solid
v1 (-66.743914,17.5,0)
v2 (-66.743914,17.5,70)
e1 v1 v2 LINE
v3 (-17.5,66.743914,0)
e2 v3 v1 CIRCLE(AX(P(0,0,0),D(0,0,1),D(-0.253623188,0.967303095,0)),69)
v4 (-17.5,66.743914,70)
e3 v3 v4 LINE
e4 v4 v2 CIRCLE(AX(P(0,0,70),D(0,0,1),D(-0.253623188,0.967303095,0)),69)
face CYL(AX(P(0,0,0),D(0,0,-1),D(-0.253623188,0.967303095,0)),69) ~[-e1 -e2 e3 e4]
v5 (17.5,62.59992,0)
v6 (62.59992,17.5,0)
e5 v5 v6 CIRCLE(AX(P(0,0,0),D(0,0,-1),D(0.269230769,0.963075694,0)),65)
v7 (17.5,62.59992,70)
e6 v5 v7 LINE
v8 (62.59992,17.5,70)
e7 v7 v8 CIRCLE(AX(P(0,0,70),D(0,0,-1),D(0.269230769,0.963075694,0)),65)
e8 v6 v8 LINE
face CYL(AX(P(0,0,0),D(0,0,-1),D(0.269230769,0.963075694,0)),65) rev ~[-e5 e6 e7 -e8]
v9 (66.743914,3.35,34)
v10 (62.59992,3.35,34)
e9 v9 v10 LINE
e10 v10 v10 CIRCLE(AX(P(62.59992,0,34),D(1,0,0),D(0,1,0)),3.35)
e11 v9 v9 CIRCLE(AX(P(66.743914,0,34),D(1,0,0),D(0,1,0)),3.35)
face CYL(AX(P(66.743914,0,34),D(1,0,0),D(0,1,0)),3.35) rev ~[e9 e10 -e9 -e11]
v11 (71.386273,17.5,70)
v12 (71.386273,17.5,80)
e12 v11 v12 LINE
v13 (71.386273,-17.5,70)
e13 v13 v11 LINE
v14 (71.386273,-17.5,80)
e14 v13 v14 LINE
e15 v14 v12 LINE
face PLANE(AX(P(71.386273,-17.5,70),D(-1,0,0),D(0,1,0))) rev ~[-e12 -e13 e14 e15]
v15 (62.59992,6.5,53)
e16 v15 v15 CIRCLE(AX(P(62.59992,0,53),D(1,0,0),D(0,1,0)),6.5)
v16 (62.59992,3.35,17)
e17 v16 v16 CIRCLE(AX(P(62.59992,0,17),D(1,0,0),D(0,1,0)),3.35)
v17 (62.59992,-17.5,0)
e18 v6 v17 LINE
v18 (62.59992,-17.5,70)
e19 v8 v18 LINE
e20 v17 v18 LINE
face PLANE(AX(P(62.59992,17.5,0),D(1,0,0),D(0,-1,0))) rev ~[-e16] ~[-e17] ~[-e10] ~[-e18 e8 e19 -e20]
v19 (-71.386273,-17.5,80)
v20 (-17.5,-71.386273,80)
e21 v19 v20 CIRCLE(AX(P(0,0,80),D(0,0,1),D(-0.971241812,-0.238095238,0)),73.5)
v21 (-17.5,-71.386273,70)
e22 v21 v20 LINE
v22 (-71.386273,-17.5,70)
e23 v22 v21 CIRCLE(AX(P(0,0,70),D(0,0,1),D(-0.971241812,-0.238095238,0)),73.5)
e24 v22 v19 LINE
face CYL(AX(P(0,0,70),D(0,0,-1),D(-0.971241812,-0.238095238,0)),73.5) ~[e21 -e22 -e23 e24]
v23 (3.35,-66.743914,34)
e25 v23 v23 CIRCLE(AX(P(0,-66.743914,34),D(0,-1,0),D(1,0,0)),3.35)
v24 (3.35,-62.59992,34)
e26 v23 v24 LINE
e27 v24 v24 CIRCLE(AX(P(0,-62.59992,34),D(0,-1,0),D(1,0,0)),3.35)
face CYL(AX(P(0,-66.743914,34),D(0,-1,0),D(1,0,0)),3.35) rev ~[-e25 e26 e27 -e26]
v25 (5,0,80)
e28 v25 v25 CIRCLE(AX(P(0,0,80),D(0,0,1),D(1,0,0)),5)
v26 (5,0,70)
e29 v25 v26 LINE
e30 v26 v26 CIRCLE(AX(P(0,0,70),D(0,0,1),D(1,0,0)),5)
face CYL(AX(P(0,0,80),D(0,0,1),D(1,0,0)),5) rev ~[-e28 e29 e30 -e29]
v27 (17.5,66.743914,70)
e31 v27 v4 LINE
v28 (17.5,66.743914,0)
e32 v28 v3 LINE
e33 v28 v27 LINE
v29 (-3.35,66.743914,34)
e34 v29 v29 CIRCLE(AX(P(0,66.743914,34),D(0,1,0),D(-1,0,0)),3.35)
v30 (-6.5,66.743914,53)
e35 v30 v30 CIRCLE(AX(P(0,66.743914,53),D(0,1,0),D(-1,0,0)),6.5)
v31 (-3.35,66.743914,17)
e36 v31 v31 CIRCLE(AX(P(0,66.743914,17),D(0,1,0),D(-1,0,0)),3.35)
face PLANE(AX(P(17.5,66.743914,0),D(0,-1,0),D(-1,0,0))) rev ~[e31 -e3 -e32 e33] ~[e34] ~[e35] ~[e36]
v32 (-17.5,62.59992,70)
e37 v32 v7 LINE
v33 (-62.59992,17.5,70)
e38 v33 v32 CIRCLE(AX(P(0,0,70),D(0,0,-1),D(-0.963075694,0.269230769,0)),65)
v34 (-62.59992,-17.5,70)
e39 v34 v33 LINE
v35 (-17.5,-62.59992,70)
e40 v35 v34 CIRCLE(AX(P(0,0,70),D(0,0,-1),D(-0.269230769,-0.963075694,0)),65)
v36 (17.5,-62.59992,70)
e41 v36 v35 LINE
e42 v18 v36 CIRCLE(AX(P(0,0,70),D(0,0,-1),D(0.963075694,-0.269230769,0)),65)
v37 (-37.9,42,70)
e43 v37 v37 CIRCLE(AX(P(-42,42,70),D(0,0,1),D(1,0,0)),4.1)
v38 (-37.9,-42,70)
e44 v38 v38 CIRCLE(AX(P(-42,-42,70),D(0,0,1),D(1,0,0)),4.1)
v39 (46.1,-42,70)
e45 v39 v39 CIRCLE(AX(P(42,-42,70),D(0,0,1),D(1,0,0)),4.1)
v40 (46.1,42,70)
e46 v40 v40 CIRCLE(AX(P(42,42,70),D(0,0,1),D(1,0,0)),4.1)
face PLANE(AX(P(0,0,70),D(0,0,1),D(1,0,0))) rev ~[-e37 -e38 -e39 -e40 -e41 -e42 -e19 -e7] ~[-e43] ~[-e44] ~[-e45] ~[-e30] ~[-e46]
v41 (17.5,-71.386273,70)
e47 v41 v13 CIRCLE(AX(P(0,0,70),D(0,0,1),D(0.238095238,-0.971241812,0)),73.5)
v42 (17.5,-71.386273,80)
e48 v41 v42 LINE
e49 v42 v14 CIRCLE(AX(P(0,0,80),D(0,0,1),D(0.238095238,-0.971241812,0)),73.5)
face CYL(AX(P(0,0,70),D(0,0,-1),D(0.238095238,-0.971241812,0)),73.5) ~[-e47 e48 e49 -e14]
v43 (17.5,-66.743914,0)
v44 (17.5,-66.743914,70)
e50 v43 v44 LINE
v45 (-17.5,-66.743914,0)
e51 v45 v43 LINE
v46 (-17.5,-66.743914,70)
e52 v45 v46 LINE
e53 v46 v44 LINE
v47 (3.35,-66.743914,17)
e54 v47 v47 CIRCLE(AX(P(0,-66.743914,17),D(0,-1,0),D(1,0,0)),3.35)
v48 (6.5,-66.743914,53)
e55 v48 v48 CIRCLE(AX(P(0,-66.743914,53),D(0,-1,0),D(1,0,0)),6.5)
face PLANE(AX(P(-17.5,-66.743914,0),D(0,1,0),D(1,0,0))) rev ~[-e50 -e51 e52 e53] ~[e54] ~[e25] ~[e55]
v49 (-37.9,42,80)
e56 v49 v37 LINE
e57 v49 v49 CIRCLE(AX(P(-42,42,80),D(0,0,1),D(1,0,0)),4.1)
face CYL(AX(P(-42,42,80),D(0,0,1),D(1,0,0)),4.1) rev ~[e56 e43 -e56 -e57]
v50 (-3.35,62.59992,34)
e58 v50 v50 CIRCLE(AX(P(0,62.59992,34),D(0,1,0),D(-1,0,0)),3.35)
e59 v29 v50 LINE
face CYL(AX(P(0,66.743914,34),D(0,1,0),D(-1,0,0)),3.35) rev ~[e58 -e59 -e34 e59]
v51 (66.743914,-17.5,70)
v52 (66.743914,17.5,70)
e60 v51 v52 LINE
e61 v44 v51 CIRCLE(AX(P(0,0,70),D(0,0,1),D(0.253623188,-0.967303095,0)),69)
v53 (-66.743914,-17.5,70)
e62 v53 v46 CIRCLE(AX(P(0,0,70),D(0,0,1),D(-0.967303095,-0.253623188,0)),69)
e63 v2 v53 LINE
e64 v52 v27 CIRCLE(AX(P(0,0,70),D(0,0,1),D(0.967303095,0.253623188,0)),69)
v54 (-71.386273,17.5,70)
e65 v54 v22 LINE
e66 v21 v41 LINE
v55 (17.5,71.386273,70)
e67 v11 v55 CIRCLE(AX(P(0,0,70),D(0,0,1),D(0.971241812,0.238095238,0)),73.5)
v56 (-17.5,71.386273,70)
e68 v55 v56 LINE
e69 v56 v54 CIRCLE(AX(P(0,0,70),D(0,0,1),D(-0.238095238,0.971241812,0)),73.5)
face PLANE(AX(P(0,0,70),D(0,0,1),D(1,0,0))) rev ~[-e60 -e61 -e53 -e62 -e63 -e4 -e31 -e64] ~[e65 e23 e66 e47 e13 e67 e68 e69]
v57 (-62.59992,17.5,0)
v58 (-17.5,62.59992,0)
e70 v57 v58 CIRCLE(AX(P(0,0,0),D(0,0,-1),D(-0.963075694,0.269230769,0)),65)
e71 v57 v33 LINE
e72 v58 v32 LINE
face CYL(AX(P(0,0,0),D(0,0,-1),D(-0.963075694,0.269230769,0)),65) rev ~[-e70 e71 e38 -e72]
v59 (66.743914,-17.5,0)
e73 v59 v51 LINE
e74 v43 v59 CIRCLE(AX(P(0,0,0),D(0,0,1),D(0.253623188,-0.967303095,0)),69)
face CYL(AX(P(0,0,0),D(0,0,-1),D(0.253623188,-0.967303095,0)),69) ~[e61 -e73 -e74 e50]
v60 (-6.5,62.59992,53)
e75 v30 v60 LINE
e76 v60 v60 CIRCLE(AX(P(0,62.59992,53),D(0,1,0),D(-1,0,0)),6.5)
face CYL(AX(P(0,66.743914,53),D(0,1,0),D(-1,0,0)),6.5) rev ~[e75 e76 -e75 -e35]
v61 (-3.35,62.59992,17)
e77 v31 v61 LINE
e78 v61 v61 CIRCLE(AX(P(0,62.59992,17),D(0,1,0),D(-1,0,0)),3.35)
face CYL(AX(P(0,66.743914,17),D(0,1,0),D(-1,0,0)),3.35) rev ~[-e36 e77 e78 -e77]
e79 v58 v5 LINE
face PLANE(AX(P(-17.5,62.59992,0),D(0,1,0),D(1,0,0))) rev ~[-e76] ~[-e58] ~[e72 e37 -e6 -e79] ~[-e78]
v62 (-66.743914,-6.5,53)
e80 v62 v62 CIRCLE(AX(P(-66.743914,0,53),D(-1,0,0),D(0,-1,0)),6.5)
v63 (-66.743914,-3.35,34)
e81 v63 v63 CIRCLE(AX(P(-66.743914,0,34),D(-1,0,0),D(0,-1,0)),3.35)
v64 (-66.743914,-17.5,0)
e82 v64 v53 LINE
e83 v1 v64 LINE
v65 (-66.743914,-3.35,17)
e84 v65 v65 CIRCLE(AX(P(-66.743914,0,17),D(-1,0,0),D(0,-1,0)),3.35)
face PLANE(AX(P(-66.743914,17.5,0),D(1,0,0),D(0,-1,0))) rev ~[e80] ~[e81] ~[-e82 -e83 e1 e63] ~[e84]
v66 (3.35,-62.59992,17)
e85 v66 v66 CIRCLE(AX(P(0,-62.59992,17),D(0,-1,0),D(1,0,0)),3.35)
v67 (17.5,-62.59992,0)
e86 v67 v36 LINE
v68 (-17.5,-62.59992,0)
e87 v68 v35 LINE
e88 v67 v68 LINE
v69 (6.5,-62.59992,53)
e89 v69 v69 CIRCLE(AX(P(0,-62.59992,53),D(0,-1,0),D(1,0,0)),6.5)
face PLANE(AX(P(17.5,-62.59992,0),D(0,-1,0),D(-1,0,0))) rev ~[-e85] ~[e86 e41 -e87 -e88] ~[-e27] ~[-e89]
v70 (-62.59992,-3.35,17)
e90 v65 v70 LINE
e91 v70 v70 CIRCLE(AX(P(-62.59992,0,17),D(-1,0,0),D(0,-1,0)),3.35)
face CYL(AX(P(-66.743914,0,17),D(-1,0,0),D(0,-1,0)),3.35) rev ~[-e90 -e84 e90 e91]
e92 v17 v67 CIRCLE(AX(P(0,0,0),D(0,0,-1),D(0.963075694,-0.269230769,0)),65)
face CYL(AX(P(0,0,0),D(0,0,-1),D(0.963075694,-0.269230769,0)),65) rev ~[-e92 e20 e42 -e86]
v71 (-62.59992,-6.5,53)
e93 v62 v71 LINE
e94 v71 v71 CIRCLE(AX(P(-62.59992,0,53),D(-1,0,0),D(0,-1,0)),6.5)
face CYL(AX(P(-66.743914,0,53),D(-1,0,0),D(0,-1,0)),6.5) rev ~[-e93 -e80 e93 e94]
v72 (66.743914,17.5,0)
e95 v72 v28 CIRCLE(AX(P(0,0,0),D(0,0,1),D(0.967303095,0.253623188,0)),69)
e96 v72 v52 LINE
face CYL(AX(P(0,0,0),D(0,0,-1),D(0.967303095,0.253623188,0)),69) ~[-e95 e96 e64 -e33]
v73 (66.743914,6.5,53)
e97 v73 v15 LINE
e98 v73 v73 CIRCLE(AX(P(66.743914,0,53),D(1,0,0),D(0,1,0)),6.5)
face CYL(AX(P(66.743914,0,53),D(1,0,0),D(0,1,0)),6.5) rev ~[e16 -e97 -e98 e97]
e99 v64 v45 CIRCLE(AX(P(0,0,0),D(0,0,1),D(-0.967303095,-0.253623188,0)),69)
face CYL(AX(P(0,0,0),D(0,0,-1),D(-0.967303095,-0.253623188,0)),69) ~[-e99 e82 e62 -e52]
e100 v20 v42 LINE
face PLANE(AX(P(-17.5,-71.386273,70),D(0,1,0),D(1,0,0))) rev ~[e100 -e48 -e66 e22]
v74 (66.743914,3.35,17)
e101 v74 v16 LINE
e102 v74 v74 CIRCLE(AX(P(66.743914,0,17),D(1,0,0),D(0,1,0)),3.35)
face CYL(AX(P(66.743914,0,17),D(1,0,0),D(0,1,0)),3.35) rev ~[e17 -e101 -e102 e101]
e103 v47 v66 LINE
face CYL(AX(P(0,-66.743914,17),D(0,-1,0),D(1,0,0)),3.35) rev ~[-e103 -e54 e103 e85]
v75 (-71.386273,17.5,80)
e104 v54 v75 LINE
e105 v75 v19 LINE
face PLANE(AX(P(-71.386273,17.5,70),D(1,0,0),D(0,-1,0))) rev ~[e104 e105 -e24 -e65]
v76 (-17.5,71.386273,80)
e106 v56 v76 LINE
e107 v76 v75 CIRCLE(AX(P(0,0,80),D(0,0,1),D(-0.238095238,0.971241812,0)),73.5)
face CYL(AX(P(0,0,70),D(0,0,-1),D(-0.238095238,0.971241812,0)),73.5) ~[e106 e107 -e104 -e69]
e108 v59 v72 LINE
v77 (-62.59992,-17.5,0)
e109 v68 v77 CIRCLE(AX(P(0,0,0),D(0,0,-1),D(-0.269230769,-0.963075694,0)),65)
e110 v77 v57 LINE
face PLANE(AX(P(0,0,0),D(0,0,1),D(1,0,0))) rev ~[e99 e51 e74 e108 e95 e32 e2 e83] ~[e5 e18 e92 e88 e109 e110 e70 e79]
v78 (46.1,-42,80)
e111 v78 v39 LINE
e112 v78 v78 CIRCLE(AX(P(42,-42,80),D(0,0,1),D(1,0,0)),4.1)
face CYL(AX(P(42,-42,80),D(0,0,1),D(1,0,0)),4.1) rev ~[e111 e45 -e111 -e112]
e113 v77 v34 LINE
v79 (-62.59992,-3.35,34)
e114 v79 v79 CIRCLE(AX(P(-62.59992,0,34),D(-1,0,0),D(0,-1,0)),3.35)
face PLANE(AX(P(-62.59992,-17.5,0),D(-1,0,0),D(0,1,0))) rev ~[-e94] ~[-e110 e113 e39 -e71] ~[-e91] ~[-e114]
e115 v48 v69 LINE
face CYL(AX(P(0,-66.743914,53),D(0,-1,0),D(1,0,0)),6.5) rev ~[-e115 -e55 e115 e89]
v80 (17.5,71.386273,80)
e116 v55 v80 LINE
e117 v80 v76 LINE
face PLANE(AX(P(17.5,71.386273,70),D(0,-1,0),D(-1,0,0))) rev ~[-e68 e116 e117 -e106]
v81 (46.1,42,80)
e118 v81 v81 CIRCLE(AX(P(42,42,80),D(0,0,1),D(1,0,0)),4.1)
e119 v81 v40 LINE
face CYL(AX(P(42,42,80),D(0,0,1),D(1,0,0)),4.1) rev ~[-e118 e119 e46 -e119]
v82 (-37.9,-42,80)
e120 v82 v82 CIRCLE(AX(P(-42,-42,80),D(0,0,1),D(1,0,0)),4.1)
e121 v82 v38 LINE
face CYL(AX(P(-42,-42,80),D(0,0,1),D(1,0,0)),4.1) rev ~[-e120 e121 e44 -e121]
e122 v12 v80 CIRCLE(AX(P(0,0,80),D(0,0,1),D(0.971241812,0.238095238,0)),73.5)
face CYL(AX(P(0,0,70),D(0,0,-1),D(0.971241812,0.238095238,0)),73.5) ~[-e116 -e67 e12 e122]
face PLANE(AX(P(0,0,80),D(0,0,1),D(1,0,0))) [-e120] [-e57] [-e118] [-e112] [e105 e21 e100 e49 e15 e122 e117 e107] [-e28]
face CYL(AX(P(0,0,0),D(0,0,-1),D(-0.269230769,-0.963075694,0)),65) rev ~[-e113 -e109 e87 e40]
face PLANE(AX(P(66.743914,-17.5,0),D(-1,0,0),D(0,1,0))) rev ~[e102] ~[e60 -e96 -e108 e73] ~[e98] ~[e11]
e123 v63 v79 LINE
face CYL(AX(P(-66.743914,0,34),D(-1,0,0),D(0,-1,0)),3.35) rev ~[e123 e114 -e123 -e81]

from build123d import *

# Parameters (mm, degrees)
F1_DEPTH  = 70
F3_DEPTH  = 10
F4_R      = 6.5
F4_R_2    = 3.35
F5_DEPTH  = 4.1439934524
F6_R      = 6.5
F6_R_2    = 3.35
F7_DEPTH  = 4.1439934524
F8_R      = 6.5
F8_R_2    = 3.35
F9_DEPTH  = 4.1439934524
F10_R     = 6.5
F10_R_2   = 3.35
F11_DEPTH = 4.1439934524
F12_R     = 5
F12_R_2   = 4.1
F13_DEPTH = 10


with BuildPart() as f1:
    # F0 (on Top) → F1 (new body)
    with BuildSketch(Plane.XY):
        with BuildLine():
            Line((17.5, 66.7439135802), (-17.5, 66.7439135802))
            ThreePointArc((-17.5, 66.7439135802), (-48.7903679019, 48.7903679019), (-66.7439135802, 17.5))
            Line((-66.7439135802, 17.5), (-66.7439135802, -17.5))
            ThreePointArc((-66.7439135802, -17.5), (-48.7903679019, -48.7903679019), (-17.5, -66.7439135802))
            Line((-17.5, -66.7439135802), (17.5, -66.7439135802))
            ThreePointArc((17.5, -66.7439135802), (48.7903679019, -48.7903679019), (66.7439135802, -17.5))
            Line((66.7439135802, -17.5), (66.7439135802, 17.5))
            ThreePointArc((66.7439135802, 17.5), (48.7903679019, 48.7903679019), (17.5, 66.7439135802))
        make_face()
        with BuildLine():
            ThreePointArc((-62.5999201277, 17.5), (-45.9619407771, 45.9619407771), (-17.5, 62.5999201277))
            Line((-17.5, 62.5999201277), (17.5, 62.5999201277))
            ThreePointArc((17.5, 62.5999201277), (45.9619407771, 45.9619407771), (62.5999201277, 17.5))
            Line((62.5999201277, 17.5), (62.5999201277, -17.5))
            ThreePointArc((62.5999201277, -17.5), (45.9619407771, -45.9619407771), (17.5, -62.5999201277))
            Line((17.5, -62.5999201277), (-17.5, -62.5999201277))
            ThreePointArc((-17.5, -62.5999201277), (-45.9619407771, -45.9619407771), (-62.5999201277, -17.5))
            Line((-62.5999201277, -17.5), (-62.5999201277, 17.5))
        make_face(mode=Mode.SUBTRACT)
    extrude(amount=F1_DEPTH)

    # F2 (on face) → F3 (join)
    with BuildSketch(Plane.XY.offset(70)):
        with BuildLine():
            Line((17.5, 71.3862731903), (-17.5, 71.3862731903))
            ThreePointArc((-17.5, 71.3862731903), (-51.9723484172, 51.9723484172), (-71.3862731903, 17.5))
            Line((-71.3862731903, 17.5), (-71.3862731903, -17.5))
            ThreePointArc((-71.3862731903, -17.5), (-51.9723484172, -51.9723484172), (-17.5, -71.3862731903))
            Line((-17.5, -71.3862731903), (17.5, -71.3862731903))
            ThreePointArc((17.5, -71.3862731903), (51.9723484172, -51.9723484172), (71.3862731903, -17.5))
            Line((71.3862731903, -17.5), (71.3862731903, 17.5))
            ThreePointArc((71.3862731903, 17.5), (51.9723484172, 51.9723484172), (17.5, 71.3862731903))
        make_face()
    extrude(amount=F3_DEPTH)

    # F4 (on face) → F5 (cut, through all)
    with BuildSketch(Plane.XZ.offset(66.7439135802)):
        with Locations((0, 53)):
            Circle(F4_R)
        with Locations((0, 34)):
            Circle(F4_R_2)
        with Locations((0, 17)):
            Circle(F4_R_2)
    extrude(amount=-F5_DEPTH, mode=Mode.SUBTRACT)

    # F6 (on face) → F7 (cut, through all)
    with BuildSketch(Plane.YZ.offset(66.7439135802)):
        with Locations((0, 53)):
            Circle(F6_R)
        with Locations((0, 34)):
            Circle(F6_R_2)
        with Locations((0, 17)):
            Circle(F6_R_2)
    extrude(amount=-F7_DEPTH, mode=Mode.SUBTRACT)

    # F8 (on face) → F9 (cut, through all)
    with BuildSketch(Plane(origin=(0, 66.7439135802, 0), x_dir=(-1, 0, 0), z_dir=(0, 1, 0))):
        with Locations((0, 53)):
            Circle(F8_R)
        with Locations((0, 34)):
            Circle(F8_R_2)
        with Locations((0, 17)):
            Circle(F8_R_2)
    extrude(amount=-F9_DEPTH, mode=Mode.SUBTRACT)

    # F10 (on face) → F11 (cut, through all)
    with BuildSketch(Plane(origin=(-66.7439135802, 0, 0), x_dir=(0, -1, 0), z_dir=(-1, 0, 0))):
        with Locations((0, 53)):
            Circle(F10_R)
        with Locations((0, 34)):
            Circle(F10_R_2)
        with Locations((0, 17)):
            Circle(F10_R_2)
    extrude(amount=-F11_DEPTH, mode=Mode.SUBTRACT)

    # F12 (on face) → F13 (cut, through all)
    with BuildSketch(Plane.XY.offset(80)):
        Circle(F12_R)
        with Locations((-42, 42)):
            Circle(F12_R_2)
        with Locations((42, 42)):
            Circle(F12_R_2)
        with Locations((42, -42)):
            Circle(F12_R_2)
        with Locations((-42, -42)):
            Circle(F12_R_2)
    extrude(amount=-F13_DEPTH, mode=Mode.SUBTRACT)


solid = f1.part
